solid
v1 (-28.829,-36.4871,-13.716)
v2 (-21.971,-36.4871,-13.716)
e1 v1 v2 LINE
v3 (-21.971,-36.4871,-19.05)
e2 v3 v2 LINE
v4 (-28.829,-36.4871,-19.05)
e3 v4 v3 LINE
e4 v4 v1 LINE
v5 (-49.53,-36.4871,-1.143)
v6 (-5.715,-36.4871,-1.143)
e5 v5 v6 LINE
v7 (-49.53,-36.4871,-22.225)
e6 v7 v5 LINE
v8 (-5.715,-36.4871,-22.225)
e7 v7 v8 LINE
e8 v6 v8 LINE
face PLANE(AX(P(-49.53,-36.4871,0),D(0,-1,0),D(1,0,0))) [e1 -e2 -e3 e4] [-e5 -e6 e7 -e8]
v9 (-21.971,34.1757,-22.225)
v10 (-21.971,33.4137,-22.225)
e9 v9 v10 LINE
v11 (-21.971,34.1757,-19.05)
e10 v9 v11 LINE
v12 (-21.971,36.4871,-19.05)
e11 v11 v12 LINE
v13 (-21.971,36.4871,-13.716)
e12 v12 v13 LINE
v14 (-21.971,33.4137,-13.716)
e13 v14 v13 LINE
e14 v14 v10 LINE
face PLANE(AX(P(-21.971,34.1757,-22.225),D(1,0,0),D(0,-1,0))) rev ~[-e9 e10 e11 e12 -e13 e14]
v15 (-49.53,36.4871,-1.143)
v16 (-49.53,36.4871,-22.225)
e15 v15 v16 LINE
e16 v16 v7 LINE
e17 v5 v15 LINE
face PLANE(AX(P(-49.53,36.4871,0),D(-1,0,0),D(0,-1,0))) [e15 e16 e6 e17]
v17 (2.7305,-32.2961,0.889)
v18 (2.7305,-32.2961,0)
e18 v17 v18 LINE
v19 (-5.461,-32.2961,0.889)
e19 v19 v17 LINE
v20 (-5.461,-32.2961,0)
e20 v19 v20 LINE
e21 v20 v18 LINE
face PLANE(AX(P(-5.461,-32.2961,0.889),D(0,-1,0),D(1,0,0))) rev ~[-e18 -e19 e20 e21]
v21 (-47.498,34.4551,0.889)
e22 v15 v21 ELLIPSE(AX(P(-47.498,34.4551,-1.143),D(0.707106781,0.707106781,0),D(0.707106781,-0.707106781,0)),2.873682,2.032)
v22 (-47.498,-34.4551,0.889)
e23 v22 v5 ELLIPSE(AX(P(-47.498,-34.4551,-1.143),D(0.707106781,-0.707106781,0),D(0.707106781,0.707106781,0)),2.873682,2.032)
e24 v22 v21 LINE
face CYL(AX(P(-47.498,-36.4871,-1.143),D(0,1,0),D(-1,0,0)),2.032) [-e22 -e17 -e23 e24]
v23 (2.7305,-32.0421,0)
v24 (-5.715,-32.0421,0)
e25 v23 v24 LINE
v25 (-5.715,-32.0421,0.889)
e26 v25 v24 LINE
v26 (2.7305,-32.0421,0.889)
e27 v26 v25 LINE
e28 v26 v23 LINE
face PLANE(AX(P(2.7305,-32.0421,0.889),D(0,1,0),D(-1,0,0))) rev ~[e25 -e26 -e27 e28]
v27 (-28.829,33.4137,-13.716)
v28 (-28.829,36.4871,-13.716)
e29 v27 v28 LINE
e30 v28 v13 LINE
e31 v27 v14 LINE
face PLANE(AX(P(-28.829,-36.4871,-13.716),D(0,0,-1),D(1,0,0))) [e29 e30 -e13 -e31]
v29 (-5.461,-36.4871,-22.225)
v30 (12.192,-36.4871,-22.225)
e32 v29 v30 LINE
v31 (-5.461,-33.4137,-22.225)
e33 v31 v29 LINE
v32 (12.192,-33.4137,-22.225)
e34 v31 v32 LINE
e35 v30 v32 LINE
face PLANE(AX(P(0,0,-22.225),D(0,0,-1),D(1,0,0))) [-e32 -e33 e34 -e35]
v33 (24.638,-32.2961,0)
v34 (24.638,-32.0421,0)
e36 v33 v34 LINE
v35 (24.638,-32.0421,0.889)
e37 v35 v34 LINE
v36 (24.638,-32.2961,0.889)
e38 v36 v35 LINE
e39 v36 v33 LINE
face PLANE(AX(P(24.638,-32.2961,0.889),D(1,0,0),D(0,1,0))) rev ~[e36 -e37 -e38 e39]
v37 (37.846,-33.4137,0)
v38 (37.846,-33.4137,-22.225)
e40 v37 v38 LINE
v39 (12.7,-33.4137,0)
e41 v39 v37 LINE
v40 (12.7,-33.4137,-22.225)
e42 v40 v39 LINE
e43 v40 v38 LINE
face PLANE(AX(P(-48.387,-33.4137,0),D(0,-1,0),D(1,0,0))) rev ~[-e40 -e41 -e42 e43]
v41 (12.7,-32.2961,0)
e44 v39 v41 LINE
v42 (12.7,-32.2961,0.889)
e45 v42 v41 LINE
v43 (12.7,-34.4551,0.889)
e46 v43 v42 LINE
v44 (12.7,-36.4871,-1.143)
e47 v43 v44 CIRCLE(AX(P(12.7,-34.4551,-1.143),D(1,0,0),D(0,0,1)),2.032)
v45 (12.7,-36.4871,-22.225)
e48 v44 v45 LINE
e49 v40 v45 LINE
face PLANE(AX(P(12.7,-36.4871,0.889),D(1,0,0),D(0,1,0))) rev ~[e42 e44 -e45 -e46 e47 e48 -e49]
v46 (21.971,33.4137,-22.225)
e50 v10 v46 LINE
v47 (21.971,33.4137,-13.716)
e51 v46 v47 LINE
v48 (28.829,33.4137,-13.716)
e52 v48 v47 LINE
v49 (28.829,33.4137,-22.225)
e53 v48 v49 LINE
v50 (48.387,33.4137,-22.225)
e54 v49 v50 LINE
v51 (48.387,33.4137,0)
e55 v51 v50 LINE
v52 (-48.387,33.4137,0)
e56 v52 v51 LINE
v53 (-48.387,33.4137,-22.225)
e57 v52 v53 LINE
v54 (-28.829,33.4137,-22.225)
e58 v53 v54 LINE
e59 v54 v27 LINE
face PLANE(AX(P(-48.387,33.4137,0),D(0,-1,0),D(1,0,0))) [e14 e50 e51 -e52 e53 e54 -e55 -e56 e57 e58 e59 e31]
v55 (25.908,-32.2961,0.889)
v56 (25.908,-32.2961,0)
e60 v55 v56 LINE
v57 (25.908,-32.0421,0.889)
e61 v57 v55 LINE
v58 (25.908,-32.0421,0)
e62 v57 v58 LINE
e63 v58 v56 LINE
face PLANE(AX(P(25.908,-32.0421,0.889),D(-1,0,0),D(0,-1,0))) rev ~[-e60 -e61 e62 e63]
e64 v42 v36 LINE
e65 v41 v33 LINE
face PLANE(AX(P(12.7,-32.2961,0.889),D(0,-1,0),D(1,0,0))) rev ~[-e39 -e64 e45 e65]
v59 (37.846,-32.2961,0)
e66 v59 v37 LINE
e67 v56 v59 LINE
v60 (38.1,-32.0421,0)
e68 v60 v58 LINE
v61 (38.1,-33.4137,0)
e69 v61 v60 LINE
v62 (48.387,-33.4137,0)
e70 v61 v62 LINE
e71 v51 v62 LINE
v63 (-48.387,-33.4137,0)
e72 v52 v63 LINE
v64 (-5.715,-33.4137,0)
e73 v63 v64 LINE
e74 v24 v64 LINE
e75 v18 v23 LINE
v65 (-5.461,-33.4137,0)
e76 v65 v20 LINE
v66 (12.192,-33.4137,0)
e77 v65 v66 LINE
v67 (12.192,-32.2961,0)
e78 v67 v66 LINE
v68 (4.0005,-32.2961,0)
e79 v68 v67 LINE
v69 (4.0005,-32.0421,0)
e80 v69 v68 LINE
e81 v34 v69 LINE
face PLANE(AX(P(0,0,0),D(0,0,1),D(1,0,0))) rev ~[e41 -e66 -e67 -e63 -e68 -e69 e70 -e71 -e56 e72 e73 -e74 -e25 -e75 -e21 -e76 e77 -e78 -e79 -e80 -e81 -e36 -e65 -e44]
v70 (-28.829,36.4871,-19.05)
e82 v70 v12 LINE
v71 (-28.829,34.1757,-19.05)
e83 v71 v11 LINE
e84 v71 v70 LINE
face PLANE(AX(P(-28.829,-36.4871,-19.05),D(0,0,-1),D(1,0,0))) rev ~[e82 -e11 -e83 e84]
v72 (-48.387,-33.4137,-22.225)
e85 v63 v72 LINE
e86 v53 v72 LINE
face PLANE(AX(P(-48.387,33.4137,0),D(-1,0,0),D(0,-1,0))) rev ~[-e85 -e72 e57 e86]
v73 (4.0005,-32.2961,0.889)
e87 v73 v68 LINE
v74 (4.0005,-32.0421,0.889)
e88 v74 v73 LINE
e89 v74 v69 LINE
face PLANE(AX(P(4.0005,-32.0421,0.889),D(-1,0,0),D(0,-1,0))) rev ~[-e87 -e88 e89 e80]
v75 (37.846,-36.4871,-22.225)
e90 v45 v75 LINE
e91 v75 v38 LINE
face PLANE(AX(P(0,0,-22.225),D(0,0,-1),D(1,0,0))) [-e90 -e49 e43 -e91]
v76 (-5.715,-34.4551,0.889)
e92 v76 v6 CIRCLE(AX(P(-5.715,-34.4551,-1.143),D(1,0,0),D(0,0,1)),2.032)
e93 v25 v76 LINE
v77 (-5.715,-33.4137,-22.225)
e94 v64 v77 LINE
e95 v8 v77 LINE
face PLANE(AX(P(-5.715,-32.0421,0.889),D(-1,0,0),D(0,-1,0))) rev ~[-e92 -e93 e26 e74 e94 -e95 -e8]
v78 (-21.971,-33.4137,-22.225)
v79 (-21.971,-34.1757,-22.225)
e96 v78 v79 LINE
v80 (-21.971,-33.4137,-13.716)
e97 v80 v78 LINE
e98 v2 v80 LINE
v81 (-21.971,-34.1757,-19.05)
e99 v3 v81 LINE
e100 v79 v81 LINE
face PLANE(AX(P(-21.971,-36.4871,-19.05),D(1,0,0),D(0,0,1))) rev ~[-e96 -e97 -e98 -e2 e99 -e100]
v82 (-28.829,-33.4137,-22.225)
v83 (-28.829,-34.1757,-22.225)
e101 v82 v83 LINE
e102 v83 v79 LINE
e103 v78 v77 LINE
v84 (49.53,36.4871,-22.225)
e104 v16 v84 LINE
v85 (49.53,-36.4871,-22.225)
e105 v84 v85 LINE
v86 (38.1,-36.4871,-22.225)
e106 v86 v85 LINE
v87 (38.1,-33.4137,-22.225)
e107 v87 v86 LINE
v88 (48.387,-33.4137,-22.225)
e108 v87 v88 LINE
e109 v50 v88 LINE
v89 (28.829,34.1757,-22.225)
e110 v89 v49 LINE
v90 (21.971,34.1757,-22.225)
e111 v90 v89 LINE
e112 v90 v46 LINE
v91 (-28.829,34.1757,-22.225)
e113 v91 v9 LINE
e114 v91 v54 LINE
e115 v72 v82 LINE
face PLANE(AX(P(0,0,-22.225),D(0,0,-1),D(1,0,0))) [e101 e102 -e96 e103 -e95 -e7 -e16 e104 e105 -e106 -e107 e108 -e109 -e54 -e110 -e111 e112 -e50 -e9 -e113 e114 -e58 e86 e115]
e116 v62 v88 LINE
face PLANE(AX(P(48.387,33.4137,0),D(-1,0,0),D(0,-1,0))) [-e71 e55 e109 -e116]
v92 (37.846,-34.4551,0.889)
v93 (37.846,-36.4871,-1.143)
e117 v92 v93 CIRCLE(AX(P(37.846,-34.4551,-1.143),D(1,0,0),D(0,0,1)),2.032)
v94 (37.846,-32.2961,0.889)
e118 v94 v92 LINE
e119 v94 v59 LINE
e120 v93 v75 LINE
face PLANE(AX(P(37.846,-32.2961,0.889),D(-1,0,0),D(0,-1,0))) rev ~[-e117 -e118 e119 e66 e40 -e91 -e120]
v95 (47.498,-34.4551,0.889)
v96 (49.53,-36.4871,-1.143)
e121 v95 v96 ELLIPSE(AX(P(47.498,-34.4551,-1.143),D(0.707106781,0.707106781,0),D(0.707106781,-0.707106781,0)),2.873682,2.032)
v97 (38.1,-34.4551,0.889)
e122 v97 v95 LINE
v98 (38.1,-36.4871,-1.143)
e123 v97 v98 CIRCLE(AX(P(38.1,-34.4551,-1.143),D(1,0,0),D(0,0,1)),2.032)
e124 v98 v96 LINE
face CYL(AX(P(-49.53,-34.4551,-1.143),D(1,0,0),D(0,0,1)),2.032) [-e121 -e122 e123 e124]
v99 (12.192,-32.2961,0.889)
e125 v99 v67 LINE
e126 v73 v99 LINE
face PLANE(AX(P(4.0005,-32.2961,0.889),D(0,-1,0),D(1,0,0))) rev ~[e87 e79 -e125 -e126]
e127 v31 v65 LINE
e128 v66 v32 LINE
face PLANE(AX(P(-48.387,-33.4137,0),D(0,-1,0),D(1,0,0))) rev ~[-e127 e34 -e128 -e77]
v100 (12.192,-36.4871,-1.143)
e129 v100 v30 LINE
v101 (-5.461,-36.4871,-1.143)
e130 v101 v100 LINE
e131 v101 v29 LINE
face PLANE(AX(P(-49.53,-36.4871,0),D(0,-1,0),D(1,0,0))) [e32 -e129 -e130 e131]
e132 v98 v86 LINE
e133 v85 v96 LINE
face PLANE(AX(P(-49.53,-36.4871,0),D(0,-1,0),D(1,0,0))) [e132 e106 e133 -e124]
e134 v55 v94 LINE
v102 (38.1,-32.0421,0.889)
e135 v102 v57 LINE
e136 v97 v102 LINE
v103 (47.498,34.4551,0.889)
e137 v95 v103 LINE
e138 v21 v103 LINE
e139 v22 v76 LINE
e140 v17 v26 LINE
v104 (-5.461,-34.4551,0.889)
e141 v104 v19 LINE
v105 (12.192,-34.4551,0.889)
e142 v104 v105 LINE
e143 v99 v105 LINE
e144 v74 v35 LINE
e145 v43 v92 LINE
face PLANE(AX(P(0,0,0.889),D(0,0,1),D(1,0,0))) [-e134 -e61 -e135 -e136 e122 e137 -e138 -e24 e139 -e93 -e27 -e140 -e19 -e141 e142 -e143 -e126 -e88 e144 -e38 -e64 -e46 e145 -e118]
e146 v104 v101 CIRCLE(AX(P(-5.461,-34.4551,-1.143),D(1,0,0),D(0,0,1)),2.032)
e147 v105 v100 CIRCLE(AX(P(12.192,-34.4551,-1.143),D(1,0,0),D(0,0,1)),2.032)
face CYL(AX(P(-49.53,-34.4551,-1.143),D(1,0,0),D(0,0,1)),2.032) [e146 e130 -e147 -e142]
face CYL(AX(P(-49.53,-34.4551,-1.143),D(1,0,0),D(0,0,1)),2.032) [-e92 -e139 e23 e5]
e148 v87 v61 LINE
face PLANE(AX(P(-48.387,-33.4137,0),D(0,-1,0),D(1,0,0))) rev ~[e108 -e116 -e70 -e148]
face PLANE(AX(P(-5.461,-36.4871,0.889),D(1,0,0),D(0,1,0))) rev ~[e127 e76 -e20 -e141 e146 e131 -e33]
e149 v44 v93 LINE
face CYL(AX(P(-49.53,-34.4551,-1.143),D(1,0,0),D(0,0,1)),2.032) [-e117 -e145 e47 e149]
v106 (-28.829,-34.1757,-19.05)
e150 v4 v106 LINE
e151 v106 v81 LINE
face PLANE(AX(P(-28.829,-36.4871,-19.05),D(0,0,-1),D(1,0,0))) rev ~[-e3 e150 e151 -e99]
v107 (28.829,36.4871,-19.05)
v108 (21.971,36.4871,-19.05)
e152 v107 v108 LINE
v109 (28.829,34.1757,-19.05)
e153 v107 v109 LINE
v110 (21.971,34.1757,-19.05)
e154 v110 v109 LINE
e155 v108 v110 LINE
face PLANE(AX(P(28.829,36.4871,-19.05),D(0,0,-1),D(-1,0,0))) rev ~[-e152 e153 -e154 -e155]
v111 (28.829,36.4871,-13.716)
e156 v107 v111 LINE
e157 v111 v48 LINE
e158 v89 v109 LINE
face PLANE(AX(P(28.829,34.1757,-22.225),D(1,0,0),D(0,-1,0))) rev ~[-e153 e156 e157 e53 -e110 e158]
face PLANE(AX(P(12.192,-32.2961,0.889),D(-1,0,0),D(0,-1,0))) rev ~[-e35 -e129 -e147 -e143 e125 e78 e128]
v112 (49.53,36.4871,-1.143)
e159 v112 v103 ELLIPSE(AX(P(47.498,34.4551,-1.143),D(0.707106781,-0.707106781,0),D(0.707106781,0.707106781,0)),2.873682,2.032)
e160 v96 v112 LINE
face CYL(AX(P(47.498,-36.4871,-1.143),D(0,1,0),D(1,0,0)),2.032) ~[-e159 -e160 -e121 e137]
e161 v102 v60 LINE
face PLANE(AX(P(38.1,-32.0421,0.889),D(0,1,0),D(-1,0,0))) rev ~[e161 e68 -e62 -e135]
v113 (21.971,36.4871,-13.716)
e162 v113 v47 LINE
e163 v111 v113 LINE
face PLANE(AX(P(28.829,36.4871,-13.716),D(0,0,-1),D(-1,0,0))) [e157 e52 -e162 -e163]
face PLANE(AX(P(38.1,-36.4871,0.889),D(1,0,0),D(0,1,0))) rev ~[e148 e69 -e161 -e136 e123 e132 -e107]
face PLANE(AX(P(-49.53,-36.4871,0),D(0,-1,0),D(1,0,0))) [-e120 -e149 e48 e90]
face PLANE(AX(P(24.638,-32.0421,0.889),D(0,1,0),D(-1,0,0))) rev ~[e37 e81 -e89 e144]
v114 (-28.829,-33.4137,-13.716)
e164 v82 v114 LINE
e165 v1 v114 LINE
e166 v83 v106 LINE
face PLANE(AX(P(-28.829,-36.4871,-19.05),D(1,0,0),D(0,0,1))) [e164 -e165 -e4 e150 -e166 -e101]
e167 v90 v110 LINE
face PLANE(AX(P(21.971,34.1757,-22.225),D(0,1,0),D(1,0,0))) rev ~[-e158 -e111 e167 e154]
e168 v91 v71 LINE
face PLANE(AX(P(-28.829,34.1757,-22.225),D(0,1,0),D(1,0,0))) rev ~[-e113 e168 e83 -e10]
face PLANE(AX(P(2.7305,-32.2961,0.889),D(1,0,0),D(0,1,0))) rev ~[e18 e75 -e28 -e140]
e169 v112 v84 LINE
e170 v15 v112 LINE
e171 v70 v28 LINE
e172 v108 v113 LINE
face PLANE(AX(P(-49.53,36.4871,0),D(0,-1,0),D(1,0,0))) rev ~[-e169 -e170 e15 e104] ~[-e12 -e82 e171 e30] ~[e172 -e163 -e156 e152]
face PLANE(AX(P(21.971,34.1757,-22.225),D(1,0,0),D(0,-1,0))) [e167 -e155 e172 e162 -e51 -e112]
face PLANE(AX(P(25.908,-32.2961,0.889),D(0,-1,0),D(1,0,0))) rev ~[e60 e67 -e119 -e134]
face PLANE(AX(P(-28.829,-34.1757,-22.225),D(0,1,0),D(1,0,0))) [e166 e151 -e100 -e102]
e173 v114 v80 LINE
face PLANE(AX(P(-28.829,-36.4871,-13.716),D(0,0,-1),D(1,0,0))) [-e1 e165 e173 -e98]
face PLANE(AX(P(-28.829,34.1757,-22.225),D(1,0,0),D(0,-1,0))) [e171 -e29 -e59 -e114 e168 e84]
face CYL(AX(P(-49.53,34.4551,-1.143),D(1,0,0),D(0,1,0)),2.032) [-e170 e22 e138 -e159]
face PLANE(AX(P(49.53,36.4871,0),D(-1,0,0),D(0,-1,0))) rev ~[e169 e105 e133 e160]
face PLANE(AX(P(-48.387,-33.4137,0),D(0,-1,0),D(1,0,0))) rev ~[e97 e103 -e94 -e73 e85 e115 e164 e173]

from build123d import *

# Parameters (mm, degrees)
F0_W      = 99.06
F0_H      = 72.9742
F1_DEPTH  = 0.889
F2_W      = 99.06
F2_H      = 72.9742
F2_W_2    = 96.774
F2_H_2    = 66.8274
F3_DEPTH  = 22.225
F4_R      = 2.032
F6_DEPTH  = 25.4
F8_DEPTH  = 25.4
F10_W     = 6.858
F10_H     = 5.334
F11_DEPTH = 72.9752
F12_W     = 6.858
F12_H     = 0.762
F13_DEPTH = 3.175
F15_W     = 6.858
F15_H     = 5.334
F16_DEPTH = 3.0734
F17_W     = 6.858
F17_H     = 0.762
F18_DEPTH = 3.175


with BuildPart() as f1:
    # F0 (on Top) → F1 (new body)
    with BuildSketch(Plane.XY):
        Rectangle(F0_W, F0_H)
    extrude(amount=F1_DEPTH)

    # F2 (on face) → F3 (join)
    with BuildSketch(Plane(origin=(0, 0, 0), x_dir=(1, 0, 0), z_dir=(0, 0, -1))):
        Rectangle(F2_W, F2_H)
        Rectangle(F2_W_2, F2_H_2, mode=Mode.SUBTRACT)
    extrude(amount=F3_DEPTH)

    # F4
    f4_edges = [f1.edges().sort_by_distance(p)[0] for p in [
        (0, -36.4871, 0.889),
        (49.53, 0, 0.889),
        (0, 36.4871, 0.889),
        (-49.53, 0, 0.889),
    ]]
    fillet(f4_edges, radius=F4_R)

    # F5 (on face) → F6 (cut)
    with BuildSketch(Plane.XY.offset(0.889)):
        Polygon((24.638, -32.0421), (12.446, -32.0421), (12.446, -36.4871), (12.7, -36.4871), (12.7, -32.2961), (24.638, -32.2961), align=None)
        Polygon((38.1, -36.4871), (38.1, -32.0421), (25.908, -32.0421), (25.908, -32.2961), (37.846, -32.2961), (37.846, -36.4871), align=None)
    extrude(amount=-F6_DEPTH, mode=Mode.SUBTRACT)

    # F7 (on face) → F8 (cut)
    with BuildSketch(Plane.XY.offset(0.889)):
        Polygon((12.446, -32.0421), (4.0005, -32.0421), (4.0005, -32.2961), (12.192, -32.2961), (12.192, -36.4871), (12.446, -36.4871), align=None)
        Polygon((2.7305, -32.2961), (2.7305, -32.0421), (-5.715, -32.0421), (-5.715, -36.4871), (-5.461, -36.4871), (-5.461, -32.2961), align=None)
    extrude(amount=-F8_DEPTH, mode=Mode.SUBTRACT)

    # F10 (on face) → F11 (cut, through all)
    with BuildSketch(Plane.XZ.offset(36.4871)):
        with Locations((-25.4, -16.383)):
            Rectangle(F10_W, F10_H)
    extrude(amount=-F11_DEPTH, mode=Mode.SUBTRACT)

    # F12 (on face) → F13 (cut, through all)
    with BuildSketch(Plane(origin=(0, 0, -22.225), x_dir=(1, 0, 0), z_dir=(0, 0, -1))):
        with Locations((-25.4, 33.7947)):
            Rectangle(F12_W, F12_H)
        with Locations((-25.4, -33.7947)):
            Rectangle(F12_W, F12_H)
    extrude(amount=-F13_DEPTH, mode=Mode.SUBTRACT)

    # F15 (on face) → F16 (cut, through all)
    with BuildSketch(Plane(origin=(0, 36.4871, 0), x_dir=(-1, 0, 0), z_dir=(0, 1, 0))):
        with Locations((-25.4, -16.383)):
            Rectangle(F15_W, F15_H)
    extrude(amount=-F16_DEPTH, mode=Mode.SUBTRACT)

    # F17 (on face) → F18 (cut, through all)
    with BuildSketch(Plane(origin=(0, 0, -22.225), x_dir=(1, 0, 0), z_dir=(0, 0, -1))):
        with Locations((25.4, -33.7947)):
            Rectangle(F17_W, F17_H)
    extrude(amount=-F18_DEPTH, mode=Mode.SUBTRACT)


solid = f1.part
